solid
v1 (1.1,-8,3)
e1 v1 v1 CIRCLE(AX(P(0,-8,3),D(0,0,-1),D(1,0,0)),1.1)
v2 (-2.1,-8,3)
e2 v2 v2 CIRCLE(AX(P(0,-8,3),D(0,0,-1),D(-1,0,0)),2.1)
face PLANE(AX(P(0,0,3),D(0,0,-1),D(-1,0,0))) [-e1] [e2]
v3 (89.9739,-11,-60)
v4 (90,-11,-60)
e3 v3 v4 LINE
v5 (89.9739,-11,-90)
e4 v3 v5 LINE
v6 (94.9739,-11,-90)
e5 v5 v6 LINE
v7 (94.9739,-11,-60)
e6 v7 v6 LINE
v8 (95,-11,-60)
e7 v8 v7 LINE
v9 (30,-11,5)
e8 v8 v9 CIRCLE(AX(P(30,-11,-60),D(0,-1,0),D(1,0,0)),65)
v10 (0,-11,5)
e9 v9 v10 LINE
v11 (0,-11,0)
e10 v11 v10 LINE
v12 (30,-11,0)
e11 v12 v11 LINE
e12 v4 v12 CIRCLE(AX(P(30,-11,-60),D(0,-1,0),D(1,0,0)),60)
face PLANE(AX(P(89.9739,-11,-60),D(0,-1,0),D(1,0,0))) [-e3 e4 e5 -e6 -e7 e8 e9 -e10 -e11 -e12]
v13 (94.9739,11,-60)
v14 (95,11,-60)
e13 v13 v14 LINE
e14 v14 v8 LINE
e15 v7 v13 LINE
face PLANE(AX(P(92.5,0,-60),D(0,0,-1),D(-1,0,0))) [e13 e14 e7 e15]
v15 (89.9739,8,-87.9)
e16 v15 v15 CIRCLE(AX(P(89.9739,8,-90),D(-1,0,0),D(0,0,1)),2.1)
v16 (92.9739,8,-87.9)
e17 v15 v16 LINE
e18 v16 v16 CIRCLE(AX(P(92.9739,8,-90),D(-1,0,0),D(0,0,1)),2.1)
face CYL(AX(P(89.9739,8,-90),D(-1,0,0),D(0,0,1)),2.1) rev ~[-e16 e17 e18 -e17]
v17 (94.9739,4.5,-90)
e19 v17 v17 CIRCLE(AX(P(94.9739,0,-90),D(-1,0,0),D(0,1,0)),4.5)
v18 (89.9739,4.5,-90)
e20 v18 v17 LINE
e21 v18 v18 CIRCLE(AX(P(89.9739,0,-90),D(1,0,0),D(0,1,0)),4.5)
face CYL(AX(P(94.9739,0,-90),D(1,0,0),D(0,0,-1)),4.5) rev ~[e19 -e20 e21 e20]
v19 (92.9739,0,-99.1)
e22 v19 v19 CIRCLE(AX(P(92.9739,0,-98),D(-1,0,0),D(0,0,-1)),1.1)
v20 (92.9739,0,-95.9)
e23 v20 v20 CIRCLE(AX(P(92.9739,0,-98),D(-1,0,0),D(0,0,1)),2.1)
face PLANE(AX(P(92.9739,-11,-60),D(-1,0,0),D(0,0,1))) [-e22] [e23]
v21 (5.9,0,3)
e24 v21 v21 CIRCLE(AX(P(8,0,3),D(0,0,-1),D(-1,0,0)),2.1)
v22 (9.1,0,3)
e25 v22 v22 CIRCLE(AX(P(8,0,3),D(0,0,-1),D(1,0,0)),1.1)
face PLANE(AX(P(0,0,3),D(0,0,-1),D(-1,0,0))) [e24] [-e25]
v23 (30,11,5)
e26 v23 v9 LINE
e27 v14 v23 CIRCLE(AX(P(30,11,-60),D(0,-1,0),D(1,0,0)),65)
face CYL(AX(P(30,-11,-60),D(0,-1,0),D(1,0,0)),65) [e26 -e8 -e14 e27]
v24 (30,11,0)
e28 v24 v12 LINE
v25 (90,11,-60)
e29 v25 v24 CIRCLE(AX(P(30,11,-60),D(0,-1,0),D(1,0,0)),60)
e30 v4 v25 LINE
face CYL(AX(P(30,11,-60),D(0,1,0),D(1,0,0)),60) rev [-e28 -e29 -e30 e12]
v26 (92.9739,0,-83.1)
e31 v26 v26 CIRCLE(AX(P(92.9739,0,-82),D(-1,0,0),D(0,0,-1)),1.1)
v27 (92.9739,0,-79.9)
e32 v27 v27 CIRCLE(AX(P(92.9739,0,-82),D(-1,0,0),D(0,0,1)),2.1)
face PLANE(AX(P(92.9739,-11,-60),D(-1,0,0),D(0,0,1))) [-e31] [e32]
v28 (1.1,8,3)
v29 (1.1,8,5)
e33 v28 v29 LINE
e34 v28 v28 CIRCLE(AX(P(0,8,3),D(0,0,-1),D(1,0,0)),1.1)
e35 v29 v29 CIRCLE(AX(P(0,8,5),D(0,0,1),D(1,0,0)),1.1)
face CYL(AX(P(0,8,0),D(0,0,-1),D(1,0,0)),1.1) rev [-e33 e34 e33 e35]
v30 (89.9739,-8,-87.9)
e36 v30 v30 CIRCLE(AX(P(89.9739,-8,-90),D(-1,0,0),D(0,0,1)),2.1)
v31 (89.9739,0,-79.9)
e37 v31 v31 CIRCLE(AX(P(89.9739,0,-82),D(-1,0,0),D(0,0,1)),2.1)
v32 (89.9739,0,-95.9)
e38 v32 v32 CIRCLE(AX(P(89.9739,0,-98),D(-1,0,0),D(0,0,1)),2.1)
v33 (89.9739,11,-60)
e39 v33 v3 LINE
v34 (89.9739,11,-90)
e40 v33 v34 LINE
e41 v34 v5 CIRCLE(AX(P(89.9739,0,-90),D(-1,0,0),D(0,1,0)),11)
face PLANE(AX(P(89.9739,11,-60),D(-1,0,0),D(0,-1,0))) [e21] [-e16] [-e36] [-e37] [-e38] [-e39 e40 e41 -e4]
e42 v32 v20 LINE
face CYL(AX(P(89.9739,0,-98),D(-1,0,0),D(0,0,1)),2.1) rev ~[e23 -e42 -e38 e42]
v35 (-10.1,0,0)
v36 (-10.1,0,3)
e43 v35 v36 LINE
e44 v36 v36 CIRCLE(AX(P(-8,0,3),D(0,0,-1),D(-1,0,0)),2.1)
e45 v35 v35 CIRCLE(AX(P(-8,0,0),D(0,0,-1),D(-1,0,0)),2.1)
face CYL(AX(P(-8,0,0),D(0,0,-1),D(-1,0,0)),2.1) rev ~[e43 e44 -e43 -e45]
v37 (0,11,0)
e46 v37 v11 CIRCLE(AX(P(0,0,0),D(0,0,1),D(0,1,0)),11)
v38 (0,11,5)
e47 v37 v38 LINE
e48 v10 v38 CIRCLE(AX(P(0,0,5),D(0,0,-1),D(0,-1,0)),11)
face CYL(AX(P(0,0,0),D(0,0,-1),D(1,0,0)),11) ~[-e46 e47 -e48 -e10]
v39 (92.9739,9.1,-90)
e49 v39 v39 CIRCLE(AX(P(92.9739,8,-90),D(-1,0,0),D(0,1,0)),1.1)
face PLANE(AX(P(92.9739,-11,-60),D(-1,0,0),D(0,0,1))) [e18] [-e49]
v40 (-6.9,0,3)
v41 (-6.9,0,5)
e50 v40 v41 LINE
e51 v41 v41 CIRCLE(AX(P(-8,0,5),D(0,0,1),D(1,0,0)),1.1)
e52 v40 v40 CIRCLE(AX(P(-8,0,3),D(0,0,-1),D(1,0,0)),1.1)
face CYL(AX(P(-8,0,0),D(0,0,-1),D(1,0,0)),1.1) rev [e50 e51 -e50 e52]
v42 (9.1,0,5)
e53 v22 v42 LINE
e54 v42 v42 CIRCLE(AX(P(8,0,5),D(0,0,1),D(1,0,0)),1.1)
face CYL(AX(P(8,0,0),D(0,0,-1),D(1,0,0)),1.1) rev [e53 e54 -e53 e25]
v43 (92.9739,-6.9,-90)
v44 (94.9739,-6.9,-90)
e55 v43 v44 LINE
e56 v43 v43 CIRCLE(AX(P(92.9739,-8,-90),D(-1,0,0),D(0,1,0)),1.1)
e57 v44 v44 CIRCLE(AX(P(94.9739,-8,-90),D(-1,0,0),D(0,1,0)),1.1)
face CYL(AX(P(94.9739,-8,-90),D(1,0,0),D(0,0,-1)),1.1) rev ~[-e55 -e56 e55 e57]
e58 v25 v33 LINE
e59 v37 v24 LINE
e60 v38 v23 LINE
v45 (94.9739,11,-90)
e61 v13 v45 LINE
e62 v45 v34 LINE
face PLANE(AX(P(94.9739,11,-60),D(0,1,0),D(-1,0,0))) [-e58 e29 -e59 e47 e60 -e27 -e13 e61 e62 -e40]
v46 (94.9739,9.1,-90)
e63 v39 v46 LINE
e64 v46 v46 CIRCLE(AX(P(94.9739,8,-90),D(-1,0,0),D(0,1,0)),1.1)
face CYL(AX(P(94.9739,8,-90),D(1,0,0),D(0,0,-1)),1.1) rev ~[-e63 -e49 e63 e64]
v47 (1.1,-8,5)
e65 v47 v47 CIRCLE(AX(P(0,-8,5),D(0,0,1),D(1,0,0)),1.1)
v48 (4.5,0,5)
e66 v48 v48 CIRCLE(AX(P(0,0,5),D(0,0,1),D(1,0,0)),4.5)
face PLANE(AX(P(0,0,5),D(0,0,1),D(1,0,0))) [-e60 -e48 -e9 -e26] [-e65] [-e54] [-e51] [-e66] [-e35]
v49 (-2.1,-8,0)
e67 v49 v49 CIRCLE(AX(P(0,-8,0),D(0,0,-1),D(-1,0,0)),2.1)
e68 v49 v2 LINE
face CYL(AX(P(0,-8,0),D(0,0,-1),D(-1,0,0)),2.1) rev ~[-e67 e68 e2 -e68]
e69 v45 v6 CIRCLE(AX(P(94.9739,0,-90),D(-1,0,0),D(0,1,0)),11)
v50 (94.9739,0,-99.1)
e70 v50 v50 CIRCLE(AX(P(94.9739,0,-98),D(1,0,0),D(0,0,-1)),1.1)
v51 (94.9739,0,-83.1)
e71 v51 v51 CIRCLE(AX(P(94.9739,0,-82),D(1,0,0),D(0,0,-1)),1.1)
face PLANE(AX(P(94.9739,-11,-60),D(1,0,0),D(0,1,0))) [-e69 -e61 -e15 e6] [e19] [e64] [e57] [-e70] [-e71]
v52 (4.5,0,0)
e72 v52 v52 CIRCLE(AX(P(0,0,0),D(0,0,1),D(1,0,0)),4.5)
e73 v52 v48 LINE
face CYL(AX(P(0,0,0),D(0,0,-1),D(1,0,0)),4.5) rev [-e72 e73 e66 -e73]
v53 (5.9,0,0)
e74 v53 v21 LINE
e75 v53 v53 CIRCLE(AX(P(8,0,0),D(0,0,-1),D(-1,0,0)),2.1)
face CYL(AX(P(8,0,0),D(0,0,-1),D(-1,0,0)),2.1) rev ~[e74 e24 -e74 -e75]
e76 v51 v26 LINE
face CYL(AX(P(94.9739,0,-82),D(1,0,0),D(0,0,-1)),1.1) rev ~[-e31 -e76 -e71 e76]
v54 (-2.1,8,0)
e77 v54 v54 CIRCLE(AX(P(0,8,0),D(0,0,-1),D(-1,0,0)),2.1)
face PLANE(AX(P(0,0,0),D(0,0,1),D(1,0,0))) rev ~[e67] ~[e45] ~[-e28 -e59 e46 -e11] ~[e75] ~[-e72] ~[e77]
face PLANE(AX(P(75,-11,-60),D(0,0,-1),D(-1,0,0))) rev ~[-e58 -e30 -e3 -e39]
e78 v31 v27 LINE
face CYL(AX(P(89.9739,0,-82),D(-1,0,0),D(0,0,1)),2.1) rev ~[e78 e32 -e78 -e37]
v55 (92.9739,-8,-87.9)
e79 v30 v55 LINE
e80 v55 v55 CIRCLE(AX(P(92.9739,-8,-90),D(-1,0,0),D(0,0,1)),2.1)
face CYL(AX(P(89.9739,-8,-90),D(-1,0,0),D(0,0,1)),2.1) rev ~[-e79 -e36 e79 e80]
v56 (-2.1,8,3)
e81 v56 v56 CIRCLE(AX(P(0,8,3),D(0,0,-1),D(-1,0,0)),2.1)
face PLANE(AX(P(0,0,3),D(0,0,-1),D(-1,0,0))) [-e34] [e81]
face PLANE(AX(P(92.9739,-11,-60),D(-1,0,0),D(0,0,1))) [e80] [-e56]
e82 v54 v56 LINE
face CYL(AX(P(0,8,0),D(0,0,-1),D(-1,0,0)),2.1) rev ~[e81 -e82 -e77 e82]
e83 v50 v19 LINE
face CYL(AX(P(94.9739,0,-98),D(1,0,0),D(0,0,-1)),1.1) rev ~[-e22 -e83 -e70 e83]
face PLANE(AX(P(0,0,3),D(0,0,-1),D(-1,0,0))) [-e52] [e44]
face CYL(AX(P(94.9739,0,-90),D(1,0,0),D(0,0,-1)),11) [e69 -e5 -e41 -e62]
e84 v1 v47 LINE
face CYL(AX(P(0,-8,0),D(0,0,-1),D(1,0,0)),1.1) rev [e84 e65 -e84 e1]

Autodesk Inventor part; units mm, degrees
ref_plane "YZ Plane" through (0, 0, 0) normal (1, 0, 0) x (0, 1, 0)
ref_plane "XZ Plane" through (0, 0, 0) normal (0, 1, 0) x (-1, 0, 0)
ref_plane "XY Plane" through (0, 0, 0) normal (0, 0, 1) x (1, 0, 0)
sketch "스케치1" plane through (0, 0, 0) normal (0, 0, 1) x (1, 0, 0)
  circle A0 centre (0, 0) radius 11
  circle A1 centre (0, -8) radius 1.1
  circle A2 centre (0, 0) radius 11
  circle A3 centre (8, 0) radius 1.1
  circle A4 centre (0, 0) radius 11
  circle A5 centre (0, 8) radius 1.1
  circle A6 centre (0, 0) radius 11
  circle A7 centre (-8, 0) radius 1.1
  arc A8 (-11, 0) -> (11, 0) centre (0, 0) ccw
  circle A9 centre (0, 0) radius 4.5
  line L0 (0, 11) -> (30, 11)
  line L1 (30, 11) -> (30, -11)
  line L2 (30, -11) -> (0, -11)
  arc A10 (0, -11) -> (0, 11) centre (0, 0) ccw
  dimension "d2" = 2.2
  dimension "d3" = 360
  dimension "d4" = 9
  dimension "d5" = 30
extrude "돌출1" add sketch "스케치1" along normal blind 5
sketch "스케치8" plane through (0, -11, 0) normal (0, -1, 0) x (1, 0, 0)
  line L0 (30, 0) -> (0, 0) projected
  arc A0 (70, -40) -> (30, 0) centre (30, -40) ccw
  line L1 (30, -40) -> (70, -40) construction
  line L2 (30, -40) -> (30, 0) construction
  arc A1 (90, -60) -> (30, 0) centre (30, -60) ccw
  line L3 (30, -60) -> (90, -60) construction
  line L4 (30, -60) -> (30, 0) construction
  dimension "d13" = 90
  dimension "d29" = 90
sketch "스케치7" plane through (30, -11, 0) normal (1, 0, 0) x (0, 0, -1)
  line L0 (0, 0) -> (-5, 0) projected
  line L1 (0, 22) -> (-5, 22) projected
  line L2 (0, 0) -> (-5, 0)
  line L3 (-5, 0) -> (-5, 22)
  line L4 (-5, 22) -> (0, 22)
  line L5 (0, 22) -> (0, 0)
  point P0 (0, 11)
sweep "스윕2" add profiles "스케치7" path "스케치8" path curves A1
sketch "스케치9" plane through (75, -11, -60) normal (0, 0, -1) x (-1, 0, 0)
  line L0 (45, 0) -> (5, 0) projected
  line L1 (5, 22) -> (0, 22) projected
  line L2 (-14.9739, 0) -> (-19.9739, 0)
  line L3 (-19.9739, 0) -> (-19.9739, 22)
  line L4 (-19.9739, 22) -> (-14.9739, 22)
  line L5 (-14.9739, 22) -> (-14.9739, 0)
  point P0 (75, 11)
extrude "돌출3" add sketch "스케치9" along normal blind 30
sketch "스케치10" plane through (94.9739, -11, -40) normal (1, 0, 0) x (0, 0, -1)
  line L0 (50, 0) -> (50, 22) projected
  circle A0 centre (50, 11) radius 11
  circle A1 centre (50, 11) radius 4.5
  circle A2 centre (50, 3) radius 1.1
  circle A3 centre (58, 11) radius 1.1
  circle A4 centre (50, 19) radius 1.1
  circle A5 centre (42, 11) radius 1.1
  point P0 (-40, 11)
  dimension "d18" = 9
  dimension "d19" = 2.2
  dimension "d20" = 8
  dimension "d23" = 360
extrude "돌출4" add sketch "스케치10" against normal blind 5 contours A0 L0 A4 A1 A2 | L0 A2 A1 A4 A0
extrude "돌출5" cut sketch "스케치10" against normal blind 5 contours A2 L0 | L0 A2 | A4 L0 | L0 A4 | A1 L0 | L0 A1 | A5
sketch "스케치11" plane through (89.9739, -11, -60) normal (-1, 0, 0) x (0, 0, 1)
  circle A0 centre (-30, 3) radius 1.1 projected
  circle A1 centre (-30, 3) radius 2.1
  circle A2 centre (-22, 11) radius 1.1 projected
  circle A3 centre (-22, 11) radius 2.1
  circle A4 centre (-38, 11) radius 1.1 projected
  circle A5 centre (-38, 11) radius 2.1
  circle A6 centre (-30, 19) radius 1.1 projected
  circle A7 centre (-30, 19) radius 2.1
  point P0 (60, 11)
  dimension "d30" = 4.2
  dimension "d31" = 4.2
  dimension "d32" = 4.2
  dimension "d33" = 4.2
sketch "스케치12" plane through (0, 0, 0) normal (0, 0, -1) x (-1, 0, 0)
  circle A0 centre (0, -8) radius 1.1 projected
  circle A1 centre (0, -8) radius 2.1
  circle A2 centre (8, 0) radius 1.1 projected
  circle A3 centre (8, 0) radius 2.1
  circle A4 centre (-8, 0) radius 1.1 projected
  circle A5 centre (-8, 0) radius 2.1
  circle A6 centre (0, 8) radius 1.1 projected
  circle A7 centre (0, 8) radius 2.1
  point P0 (0, 0)
  dimension "d34" = 4.2
  dimension "d35" = 4.2
  dimension "d36" = 4.2
  dimension "d37" = 4.2
extrude "돌출6" cut sketch "스케치11" against normal blind 3
extrude "돌출7" cut sketch "스케치12" against normal blind 3
properties part number "shoulder2"
